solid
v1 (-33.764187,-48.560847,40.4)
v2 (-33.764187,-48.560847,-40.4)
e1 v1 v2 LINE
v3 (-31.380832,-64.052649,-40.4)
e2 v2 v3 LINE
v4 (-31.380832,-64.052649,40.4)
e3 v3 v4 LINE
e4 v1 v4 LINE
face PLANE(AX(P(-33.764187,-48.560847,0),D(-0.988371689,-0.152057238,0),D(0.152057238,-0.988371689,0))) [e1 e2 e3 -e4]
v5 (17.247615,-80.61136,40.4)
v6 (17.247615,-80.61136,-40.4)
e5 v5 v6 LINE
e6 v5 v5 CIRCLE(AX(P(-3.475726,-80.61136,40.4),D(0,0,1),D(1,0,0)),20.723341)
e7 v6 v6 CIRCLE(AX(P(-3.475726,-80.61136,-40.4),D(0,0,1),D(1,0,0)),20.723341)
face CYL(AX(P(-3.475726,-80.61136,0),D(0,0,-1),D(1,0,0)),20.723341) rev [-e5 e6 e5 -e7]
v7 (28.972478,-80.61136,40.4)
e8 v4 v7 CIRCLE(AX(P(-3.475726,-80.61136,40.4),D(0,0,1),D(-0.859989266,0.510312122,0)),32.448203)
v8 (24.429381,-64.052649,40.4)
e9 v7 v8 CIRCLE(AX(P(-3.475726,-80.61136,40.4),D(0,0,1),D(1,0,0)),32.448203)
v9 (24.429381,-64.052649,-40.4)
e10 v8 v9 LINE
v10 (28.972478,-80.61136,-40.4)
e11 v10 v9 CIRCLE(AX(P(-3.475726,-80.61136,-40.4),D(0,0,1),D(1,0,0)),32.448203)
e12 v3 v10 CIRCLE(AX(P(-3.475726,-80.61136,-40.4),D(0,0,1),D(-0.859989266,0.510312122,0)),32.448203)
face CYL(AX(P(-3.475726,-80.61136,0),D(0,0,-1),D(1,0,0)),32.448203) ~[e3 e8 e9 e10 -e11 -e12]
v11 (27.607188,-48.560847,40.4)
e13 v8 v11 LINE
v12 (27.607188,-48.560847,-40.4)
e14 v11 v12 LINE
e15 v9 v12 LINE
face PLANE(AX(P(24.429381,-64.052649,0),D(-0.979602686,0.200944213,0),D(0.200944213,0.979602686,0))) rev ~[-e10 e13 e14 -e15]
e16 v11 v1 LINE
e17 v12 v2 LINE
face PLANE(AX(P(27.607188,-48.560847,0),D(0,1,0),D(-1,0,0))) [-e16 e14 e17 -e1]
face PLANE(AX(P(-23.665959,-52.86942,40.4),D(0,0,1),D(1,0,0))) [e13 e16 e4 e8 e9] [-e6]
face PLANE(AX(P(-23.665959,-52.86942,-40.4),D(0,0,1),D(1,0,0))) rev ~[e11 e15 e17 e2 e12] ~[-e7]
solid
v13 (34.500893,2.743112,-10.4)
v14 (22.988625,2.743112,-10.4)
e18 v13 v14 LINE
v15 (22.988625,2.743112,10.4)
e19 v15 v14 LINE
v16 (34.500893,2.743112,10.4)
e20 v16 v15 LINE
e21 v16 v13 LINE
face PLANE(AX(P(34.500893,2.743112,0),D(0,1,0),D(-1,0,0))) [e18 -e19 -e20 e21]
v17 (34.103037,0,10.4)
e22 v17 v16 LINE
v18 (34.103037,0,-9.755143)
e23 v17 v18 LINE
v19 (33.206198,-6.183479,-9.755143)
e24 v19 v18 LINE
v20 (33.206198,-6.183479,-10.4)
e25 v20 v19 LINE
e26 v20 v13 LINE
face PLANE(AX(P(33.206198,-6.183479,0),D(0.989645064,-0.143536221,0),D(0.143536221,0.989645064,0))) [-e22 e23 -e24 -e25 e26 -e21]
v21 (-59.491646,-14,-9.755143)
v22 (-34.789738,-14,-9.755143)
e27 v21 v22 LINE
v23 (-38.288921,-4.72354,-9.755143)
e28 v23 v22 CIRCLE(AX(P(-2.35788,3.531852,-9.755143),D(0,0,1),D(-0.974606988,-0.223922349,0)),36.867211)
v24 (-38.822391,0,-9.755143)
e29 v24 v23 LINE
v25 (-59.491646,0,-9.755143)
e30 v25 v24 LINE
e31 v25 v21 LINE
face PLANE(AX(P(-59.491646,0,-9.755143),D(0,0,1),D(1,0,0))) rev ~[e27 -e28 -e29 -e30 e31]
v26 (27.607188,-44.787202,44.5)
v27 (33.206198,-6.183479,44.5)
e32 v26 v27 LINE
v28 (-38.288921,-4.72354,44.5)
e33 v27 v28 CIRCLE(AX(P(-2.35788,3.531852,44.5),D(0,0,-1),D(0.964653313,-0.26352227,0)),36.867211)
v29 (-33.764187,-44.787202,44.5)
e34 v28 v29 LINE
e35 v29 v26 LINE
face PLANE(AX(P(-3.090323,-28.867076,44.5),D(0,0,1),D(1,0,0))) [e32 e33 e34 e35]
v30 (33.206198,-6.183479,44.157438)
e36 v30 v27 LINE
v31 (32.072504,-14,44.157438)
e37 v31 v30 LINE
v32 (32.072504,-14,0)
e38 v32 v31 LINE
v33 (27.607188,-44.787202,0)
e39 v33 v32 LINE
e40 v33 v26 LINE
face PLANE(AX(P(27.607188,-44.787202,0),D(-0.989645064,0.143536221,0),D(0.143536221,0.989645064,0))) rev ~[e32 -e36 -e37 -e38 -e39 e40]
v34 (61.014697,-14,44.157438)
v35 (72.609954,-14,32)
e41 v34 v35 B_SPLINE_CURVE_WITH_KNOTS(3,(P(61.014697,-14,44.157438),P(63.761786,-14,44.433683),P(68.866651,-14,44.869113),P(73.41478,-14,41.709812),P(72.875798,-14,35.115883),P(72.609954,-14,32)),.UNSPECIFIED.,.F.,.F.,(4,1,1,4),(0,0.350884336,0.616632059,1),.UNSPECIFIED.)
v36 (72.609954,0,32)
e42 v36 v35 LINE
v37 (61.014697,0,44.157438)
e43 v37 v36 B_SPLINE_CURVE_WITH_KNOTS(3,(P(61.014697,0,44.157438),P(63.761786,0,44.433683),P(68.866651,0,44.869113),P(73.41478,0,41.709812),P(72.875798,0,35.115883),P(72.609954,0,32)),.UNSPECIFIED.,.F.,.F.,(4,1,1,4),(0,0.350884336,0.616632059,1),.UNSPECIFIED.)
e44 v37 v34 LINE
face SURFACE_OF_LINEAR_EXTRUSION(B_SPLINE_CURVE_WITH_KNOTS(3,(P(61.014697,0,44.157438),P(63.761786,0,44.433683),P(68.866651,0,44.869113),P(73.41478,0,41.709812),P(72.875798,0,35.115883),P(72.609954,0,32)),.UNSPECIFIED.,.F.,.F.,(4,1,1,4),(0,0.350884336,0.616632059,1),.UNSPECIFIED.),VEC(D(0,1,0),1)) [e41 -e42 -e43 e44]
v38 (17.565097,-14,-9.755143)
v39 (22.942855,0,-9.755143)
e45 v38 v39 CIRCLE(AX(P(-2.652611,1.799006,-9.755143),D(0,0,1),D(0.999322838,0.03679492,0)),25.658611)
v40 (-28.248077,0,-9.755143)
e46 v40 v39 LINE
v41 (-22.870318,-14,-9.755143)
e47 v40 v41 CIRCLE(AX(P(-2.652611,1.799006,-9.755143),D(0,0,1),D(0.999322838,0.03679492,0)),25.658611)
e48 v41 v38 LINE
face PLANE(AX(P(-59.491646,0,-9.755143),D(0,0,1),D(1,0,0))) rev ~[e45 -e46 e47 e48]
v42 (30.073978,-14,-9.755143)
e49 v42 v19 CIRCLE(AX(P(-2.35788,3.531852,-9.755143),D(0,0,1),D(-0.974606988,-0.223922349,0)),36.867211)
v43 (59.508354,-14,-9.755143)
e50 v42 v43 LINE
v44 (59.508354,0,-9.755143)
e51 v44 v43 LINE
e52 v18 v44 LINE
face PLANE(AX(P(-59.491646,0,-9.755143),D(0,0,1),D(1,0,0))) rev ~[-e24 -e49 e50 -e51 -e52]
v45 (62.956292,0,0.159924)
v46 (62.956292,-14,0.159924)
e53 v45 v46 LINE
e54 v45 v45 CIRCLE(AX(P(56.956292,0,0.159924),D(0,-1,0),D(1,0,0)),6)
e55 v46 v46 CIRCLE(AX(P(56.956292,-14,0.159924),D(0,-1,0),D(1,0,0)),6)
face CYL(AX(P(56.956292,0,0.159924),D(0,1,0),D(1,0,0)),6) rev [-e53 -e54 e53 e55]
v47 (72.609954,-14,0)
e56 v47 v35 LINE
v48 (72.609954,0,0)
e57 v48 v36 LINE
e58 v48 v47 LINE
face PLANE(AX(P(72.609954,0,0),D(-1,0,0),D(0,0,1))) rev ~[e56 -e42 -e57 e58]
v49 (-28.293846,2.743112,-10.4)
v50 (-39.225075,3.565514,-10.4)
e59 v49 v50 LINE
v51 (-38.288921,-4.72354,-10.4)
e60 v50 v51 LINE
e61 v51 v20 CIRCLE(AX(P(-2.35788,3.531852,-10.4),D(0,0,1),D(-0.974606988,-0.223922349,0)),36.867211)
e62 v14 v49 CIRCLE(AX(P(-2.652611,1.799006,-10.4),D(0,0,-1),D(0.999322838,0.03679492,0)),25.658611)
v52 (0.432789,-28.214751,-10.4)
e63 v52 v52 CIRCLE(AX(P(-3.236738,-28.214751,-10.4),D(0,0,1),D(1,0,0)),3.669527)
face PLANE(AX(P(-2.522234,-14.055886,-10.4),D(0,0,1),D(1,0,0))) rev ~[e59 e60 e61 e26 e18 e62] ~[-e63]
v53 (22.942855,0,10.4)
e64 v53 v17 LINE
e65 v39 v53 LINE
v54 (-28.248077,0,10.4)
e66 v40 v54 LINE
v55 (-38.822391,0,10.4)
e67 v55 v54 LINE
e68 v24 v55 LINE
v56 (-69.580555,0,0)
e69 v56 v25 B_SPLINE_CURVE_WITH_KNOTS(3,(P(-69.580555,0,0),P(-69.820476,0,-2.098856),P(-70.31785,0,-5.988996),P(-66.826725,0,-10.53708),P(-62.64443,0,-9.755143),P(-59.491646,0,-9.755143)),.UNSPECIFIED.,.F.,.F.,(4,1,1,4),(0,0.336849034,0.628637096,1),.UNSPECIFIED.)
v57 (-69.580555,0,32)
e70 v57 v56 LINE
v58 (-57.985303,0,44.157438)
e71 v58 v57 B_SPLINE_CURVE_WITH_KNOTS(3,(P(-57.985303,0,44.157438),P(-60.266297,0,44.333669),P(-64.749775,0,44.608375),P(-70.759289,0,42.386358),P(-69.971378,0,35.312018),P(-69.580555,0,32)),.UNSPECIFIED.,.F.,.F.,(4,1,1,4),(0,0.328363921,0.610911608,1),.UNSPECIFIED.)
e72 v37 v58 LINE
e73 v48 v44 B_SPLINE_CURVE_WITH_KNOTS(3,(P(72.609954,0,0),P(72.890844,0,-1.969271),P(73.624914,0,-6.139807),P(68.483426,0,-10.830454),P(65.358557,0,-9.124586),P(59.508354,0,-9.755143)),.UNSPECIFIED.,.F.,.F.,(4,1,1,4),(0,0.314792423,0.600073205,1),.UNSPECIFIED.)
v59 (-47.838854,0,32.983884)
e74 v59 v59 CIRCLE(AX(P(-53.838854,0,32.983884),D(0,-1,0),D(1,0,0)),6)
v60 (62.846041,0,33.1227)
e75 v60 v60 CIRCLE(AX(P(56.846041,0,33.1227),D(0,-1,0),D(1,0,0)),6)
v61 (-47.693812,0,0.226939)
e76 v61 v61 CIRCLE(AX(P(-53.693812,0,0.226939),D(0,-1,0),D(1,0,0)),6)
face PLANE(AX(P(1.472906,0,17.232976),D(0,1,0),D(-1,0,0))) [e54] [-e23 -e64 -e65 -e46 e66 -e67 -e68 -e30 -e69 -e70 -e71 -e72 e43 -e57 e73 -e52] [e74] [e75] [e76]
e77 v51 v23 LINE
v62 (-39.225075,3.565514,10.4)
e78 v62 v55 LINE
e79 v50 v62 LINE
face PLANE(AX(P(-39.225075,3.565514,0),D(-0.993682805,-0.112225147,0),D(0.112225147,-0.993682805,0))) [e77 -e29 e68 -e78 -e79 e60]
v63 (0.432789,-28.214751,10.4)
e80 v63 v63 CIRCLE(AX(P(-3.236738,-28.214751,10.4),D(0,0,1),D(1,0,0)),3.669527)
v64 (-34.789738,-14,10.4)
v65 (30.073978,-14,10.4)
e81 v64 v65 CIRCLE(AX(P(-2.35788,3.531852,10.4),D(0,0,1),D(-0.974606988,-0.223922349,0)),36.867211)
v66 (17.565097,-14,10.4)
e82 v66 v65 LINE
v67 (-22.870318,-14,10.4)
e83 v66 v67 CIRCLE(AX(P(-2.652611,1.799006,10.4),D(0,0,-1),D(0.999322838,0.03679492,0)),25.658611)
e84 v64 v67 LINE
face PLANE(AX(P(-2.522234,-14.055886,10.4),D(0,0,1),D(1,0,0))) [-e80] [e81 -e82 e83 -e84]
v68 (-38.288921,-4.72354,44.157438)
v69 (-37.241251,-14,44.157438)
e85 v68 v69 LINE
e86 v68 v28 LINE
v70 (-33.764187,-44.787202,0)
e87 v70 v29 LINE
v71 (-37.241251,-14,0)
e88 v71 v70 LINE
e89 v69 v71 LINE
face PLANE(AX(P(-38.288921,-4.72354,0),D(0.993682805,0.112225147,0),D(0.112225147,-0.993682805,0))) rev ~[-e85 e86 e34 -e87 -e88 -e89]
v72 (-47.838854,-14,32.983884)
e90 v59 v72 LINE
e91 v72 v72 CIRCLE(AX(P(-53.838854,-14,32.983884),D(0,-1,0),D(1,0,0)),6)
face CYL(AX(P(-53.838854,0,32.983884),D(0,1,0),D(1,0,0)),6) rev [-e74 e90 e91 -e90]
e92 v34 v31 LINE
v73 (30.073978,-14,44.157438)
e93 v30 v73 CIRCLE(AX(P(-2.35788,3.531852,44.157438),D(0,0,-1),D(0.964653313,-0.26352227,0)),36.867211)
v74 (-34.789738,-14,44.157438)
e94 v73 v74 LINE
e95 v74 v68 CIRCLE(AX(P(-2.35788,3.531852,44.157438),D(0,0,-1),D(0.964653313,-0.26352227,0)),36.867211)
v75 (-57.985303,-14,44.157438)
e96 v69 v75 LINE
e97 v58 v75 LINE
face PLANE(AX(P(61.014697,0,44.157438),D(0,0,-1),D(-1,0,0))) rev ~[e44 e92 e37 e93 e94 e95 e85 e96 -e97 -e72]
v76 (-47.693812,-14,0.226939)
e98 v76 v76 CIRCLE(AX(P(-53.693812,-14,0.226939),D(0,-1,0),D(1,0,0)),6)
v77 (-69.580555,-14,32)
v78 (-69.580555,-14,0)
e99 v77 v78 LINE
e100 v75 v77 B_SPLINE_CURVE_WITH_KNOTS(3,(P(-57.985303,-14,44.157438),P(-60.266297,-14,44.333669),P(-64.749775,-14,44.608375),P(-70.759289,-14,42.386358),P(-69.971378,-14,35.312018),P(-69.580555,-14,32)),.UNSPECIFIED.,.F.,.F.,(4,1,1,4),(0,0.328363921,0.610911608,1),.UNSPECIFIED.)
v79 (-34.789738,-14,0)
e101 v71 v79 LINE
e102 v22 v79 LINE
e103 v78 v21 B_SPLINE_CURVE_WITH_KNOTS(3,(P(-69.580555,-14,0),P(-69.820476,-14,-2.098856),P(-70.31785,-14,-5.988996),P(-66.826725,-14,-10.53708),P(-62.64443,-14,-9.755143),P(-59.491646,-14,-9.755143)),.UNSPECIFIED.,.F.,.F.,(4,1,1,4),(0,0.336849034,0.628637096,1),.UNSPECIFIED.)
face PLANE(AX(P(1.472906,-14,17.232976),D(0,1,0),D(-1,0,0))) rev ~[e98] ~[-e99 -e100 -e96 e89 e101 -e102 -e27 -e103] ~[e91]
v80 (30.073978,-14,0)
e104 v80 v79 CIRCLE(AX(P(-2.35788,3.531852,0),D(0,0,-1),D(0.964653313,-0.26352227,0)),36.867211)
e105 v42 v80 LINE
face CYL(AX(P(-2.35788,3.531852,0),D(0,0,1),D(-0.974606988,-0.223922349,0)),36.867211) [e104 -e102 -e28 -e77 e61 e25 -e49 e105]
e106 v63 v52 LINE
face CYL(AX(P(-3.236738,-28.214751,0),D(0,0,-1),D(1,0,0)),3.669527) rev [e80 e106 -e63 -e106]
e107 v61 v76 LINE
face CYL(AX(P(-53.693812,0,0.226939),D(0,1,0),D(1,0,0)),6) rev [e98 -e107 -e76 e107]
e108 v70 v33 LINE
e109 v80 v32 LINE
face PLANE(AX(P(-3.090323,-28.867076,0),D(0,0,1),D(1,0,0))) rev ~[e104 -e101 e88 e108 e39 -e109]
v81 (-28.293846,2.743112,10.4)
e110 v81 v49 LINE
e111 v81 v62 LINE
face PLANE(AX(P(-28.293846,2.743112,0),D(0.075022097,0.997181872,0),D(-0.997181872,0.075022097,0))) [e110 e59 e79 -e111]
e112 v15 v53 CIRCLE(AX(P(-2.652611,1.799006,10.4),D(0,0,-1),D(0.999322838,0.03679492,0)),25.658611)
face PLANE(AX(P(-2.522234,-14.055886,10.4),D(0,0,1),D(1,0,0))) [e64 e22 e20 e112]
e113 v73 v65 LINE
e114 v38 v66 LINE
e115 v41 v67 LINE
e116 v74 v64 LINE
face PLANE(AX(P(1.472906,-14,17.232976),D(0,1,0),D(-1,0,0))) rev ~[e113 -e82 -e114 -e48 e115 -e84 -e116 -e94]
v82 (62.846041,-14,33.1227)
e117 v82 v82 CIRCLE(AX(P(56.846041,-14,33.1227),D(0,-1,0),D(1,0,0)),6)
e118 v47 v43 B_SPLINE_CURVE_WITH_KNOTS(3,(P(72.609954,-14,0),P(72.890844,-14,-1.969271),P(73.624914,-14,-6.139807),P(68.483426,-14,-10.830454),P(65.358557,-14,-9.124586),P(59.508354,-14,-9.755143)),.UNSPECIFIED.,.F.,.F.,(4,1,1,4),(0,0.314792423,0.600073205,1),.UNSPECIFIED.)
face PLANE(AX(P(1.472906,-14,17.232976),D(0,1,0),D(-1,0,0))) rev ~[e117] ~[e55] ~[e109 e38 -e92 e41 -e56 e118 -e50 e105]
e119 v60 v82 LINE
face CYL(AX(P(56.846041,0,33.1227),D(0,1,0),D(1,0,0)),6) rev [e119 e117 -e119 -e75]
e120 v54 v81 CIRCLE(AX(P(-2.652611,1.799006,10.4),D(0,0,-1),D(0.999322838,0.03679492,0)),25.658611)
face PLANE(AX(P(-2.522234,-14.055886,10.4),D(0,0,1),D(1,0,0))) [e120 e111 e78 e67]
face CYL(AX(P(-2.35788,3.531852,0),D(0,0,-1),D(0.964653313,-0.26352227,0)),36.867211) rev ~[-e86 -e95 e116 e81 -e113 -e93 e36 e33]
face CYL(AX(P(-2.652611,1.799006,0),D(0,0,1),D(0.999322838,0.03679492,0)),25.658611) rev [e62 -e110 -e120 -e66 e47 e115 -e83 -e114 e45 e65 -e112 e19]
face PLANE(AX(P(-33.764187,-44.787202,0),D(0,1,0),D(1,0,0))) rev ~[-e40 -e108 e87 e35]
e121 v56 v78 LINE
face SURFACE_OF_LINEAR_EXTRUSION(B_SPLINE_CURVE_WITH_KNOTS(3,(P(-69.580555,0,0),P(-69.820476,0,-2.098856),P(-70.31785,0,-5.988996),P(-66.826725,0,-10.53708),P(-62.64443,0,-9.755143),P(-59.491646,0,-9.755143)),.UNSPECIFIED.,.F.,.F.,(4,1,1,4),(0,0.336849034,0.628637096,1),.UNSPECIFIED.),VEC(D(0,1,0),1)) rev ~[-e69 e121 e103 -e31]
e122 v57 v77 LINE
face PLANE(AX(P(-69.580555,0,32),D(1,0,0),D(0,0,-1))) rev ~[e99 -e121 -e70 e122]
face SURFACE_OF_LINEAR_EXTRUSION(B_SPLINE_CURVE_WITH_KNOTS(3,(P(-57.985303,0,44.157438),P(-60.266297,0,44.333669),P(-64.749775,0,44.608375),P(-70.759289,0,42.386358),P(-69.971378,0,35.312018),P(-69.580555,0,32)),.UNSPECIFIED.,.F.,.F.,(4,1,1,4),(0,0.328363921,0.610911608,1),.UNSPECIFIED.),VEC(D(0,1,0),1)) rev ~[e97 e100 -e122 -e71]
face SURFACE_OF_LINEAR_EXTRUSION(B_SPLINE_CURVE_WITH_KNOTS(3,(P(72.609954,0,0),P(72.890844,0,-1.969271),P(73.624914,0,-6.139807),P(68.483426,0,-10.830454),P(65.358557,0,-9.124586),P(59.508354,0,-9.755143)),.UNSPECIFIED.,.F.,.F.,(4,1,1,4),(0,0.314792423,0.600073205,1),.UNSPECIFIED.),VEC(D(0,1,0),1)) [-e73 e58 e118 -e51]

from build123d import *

# Parameters (mm, degrees)
F0_R     = 6
F2_DEPTH = 14
F1_R     = 3.669527392
F3_DEPTH = 10.4
F4_DEPTH = 44.5
F1_R_2   = 20.7233409956
F5_DEPTH = 40.4


with BuildPart() as f2:
    # F0 (on Front) → F2 (new body)
    with BuildSketch(Plane.XZ):
        with BuildLine():
            add(Edge.make_bspline(
                [(61.0146974474, 44.1574379802), (63.7617856681, 44.4336833908), (68.8666510947, 44.8691129113), (73.4147797685, 41.7098119831), (72.8757982385, 35.1158832019), (72.6099535823, 32)],
                knots=[0, 0, 0, 0, 0.3508843363, 0.6166320586, 1, 1, 1, 1], degree=3))
            Line((61.0146974474, 44.1574379802), (-57.9853025526, 44.1574379802))
            add(Edge.make_bspline(
                [(-57.9853025526, 44.1574379802), (-60.2662973619, 44.3336686684), (-64.7497752346, 44.6083745859), (-70.759289285, 42.3863582475), (-69.971378021, 35.3120177128), (-69.5805549622, 32)],
                knots=[0, 0, 0, 0, 0.3283639214, 0.6109116076, 1, 1, 1, 1], degree=3))
            Line((-69.5805549622, 32), (-69.5805549622, 0))
            add(Edge.make_bspline(
                [(-69.5805549622, 0), (-69.8204757619, -2.0988563596), (-70.3178497464, -5.988996106), (-66.8267252912, -10.5370797758), (-62.6444295049, -9.7551429644), (-59.4916455448, -9.7551429644)],
                knots=[0, 0, 0, 0, 0.3368490341, 0.6286370962, 1, 1, 1, 1], degree=3))
            Line((-59.4916455448, -9.7551429644), (-39.3243581057, -9.7551429644))
            Line((-39.3243581057, -9.7551429644), (36.8334986269, -9.7551429644))
            Line((36.8334986269, -9.7551429644), (59.5083544552, -9.7551429644))
            add(Edge.make_bspline(
                [(72.6099535823, 0), (72.8908435255, -1.9692706808), (73.6249139487, -6.1398073623), (68.4834261321, -10.8304544208), (65.358556807, -9.1245863587), (59.5083544552, -9.7551429644)],
                knots=[0, 0, 0, 0, 0.3147924227, 0.6000732053, 1, 1, 1, 1], degree=3))
            Line((72.6099535823, 0), (72.6099535823, 32))
        make_face()
        with Locations((-53.6938116392, 0.2269388525)):
            Circle(F0_R, mode=Mode.SUBTRACT)
        with Locations((56.9562916677, 0.1599236558)):
            Circle(F0_R, mode=Mode.SUBTRACT)
        with Locations((-53.8388539298, 32.9838839062)):
            Circle(F0_R, mode=Mode.SUBTRACT)
        with Locations((56.8460412323, 33.1226997077)):
            Circle(F0_R, mode=Mode.SUBTRACT)
    extrude(amount=F2_DEPTH)

    # F1 (on Top) → F3 (join, symmetric)
    with BuildSketch(Plane.XY):
        with BuildLine():
            Line((-28.2938461751, 2.743112389), (-39.2250753939, 3.5655137617))
            Line((-39.2250753939, 3.5655137617), (-38.2889212397, -4.7235400583))
            ThreePointArc((-38.2889212397, -4.7235400583), (-3.1105555298, -33.3276745557), (33.2061975675, -6.1834786967))
            Line((33.2061975675, -6.1834786967), (34.5008932054, 2.743112389))
            Line((34.5008932054, 2.743112389), (22.9886248708, 2.743112389))
            ThreePointArc((22.9886248708, 2.743112389), (-2.6526106521, -23.8596047048), (-28.2938461751, 2.743112389))
        make_face()
        with Locations((-3.2367382664, -28.2147508115)):
            Circle(F1_R, mode=Mode.SUBTRACT)
    extrude(amount=F3_DEPTH, both=True)

    # F1 (on Top) → F4 (join)
    with BuildSketch(Plane.XY):
        with BuildLine():
            ThreePointArc((33.2061975675, -6.1834786967), (-3.1105555298, -33.3276745557), (-38.2889212397, -4.7235400583))
            Line((-38.2889212397, -4.7235400583), (-33.7641872466, -44.7872020304))
            Line((-33.7641872466, -44.7872020304), (27.6071876287, -44.7872020304))
            Line((27.6071876287, -44.7872020304), (33.2061975675, -6.1834786967))
        make_face()
    extrude(amount=F4_DEPTH)


with BuildPart() as f5:
    # F1 (on Top) → F5 (new body, symmetric)
    with BuildSketch(Plane.XY):
        with BuildLine():
            Line((-8.5403546691, -48.560846597), (-33.7641872466, -48.560846597))
            Line((-33.7641872466, -48.560846597), (-31.3808321953, -64.0526488423))
            ThreePointArc((-31.3808321953, -64.0526488423), (-21.6897271324, -53.7573839468), (-8.5403546691, -48.560846597))
        make_face()
        with BuildLine():
            Line((24.4293808937, -64.0526488423), (27.6071876287, -48.560846597))
            Line((27.6071876287, -48.560846597), (1.5889033675, -48.560846597))
            ThreePointArc((1.5889033675, -48.560846597), (14.7382758308, -53.7573839468), (24.4293808937, -64.0526488423))
        make_face()
        with BuildLine():
            Line((1.5889033675, -48.560846597), (-8.5403546691, -48.560846597))
            ThreePointArc((-8.5403546691, -48.560846597), (-21.6897271324, -53.7573839468), (-31.3808321953, -64.0526488423))
            ThreePointArc((-31.3808321953, -64.0526488423), (-12.0610423886, -111.9031840723), (28.9724776449, -80.6113603218))
            ThreePointArc((28.9724776449, -80.6113603218), (27.8160980997, -72.026043584), (24.4293808937, -64.0526488423))
            ThreePointArc((24.4293808937, -64.0526488423), (14.7382758308, -53.7573839468), (1.5889033675, -48.560846597))
        make_face()
        with Locations((-3.4757256508, -80.6113603218)):
            Circle(F1_R_2, mode=Mode.SUBTRACT)
    extrude(amount=F5_DEPTH, both=True)


solid = Compound([f2.part, f5.part])
